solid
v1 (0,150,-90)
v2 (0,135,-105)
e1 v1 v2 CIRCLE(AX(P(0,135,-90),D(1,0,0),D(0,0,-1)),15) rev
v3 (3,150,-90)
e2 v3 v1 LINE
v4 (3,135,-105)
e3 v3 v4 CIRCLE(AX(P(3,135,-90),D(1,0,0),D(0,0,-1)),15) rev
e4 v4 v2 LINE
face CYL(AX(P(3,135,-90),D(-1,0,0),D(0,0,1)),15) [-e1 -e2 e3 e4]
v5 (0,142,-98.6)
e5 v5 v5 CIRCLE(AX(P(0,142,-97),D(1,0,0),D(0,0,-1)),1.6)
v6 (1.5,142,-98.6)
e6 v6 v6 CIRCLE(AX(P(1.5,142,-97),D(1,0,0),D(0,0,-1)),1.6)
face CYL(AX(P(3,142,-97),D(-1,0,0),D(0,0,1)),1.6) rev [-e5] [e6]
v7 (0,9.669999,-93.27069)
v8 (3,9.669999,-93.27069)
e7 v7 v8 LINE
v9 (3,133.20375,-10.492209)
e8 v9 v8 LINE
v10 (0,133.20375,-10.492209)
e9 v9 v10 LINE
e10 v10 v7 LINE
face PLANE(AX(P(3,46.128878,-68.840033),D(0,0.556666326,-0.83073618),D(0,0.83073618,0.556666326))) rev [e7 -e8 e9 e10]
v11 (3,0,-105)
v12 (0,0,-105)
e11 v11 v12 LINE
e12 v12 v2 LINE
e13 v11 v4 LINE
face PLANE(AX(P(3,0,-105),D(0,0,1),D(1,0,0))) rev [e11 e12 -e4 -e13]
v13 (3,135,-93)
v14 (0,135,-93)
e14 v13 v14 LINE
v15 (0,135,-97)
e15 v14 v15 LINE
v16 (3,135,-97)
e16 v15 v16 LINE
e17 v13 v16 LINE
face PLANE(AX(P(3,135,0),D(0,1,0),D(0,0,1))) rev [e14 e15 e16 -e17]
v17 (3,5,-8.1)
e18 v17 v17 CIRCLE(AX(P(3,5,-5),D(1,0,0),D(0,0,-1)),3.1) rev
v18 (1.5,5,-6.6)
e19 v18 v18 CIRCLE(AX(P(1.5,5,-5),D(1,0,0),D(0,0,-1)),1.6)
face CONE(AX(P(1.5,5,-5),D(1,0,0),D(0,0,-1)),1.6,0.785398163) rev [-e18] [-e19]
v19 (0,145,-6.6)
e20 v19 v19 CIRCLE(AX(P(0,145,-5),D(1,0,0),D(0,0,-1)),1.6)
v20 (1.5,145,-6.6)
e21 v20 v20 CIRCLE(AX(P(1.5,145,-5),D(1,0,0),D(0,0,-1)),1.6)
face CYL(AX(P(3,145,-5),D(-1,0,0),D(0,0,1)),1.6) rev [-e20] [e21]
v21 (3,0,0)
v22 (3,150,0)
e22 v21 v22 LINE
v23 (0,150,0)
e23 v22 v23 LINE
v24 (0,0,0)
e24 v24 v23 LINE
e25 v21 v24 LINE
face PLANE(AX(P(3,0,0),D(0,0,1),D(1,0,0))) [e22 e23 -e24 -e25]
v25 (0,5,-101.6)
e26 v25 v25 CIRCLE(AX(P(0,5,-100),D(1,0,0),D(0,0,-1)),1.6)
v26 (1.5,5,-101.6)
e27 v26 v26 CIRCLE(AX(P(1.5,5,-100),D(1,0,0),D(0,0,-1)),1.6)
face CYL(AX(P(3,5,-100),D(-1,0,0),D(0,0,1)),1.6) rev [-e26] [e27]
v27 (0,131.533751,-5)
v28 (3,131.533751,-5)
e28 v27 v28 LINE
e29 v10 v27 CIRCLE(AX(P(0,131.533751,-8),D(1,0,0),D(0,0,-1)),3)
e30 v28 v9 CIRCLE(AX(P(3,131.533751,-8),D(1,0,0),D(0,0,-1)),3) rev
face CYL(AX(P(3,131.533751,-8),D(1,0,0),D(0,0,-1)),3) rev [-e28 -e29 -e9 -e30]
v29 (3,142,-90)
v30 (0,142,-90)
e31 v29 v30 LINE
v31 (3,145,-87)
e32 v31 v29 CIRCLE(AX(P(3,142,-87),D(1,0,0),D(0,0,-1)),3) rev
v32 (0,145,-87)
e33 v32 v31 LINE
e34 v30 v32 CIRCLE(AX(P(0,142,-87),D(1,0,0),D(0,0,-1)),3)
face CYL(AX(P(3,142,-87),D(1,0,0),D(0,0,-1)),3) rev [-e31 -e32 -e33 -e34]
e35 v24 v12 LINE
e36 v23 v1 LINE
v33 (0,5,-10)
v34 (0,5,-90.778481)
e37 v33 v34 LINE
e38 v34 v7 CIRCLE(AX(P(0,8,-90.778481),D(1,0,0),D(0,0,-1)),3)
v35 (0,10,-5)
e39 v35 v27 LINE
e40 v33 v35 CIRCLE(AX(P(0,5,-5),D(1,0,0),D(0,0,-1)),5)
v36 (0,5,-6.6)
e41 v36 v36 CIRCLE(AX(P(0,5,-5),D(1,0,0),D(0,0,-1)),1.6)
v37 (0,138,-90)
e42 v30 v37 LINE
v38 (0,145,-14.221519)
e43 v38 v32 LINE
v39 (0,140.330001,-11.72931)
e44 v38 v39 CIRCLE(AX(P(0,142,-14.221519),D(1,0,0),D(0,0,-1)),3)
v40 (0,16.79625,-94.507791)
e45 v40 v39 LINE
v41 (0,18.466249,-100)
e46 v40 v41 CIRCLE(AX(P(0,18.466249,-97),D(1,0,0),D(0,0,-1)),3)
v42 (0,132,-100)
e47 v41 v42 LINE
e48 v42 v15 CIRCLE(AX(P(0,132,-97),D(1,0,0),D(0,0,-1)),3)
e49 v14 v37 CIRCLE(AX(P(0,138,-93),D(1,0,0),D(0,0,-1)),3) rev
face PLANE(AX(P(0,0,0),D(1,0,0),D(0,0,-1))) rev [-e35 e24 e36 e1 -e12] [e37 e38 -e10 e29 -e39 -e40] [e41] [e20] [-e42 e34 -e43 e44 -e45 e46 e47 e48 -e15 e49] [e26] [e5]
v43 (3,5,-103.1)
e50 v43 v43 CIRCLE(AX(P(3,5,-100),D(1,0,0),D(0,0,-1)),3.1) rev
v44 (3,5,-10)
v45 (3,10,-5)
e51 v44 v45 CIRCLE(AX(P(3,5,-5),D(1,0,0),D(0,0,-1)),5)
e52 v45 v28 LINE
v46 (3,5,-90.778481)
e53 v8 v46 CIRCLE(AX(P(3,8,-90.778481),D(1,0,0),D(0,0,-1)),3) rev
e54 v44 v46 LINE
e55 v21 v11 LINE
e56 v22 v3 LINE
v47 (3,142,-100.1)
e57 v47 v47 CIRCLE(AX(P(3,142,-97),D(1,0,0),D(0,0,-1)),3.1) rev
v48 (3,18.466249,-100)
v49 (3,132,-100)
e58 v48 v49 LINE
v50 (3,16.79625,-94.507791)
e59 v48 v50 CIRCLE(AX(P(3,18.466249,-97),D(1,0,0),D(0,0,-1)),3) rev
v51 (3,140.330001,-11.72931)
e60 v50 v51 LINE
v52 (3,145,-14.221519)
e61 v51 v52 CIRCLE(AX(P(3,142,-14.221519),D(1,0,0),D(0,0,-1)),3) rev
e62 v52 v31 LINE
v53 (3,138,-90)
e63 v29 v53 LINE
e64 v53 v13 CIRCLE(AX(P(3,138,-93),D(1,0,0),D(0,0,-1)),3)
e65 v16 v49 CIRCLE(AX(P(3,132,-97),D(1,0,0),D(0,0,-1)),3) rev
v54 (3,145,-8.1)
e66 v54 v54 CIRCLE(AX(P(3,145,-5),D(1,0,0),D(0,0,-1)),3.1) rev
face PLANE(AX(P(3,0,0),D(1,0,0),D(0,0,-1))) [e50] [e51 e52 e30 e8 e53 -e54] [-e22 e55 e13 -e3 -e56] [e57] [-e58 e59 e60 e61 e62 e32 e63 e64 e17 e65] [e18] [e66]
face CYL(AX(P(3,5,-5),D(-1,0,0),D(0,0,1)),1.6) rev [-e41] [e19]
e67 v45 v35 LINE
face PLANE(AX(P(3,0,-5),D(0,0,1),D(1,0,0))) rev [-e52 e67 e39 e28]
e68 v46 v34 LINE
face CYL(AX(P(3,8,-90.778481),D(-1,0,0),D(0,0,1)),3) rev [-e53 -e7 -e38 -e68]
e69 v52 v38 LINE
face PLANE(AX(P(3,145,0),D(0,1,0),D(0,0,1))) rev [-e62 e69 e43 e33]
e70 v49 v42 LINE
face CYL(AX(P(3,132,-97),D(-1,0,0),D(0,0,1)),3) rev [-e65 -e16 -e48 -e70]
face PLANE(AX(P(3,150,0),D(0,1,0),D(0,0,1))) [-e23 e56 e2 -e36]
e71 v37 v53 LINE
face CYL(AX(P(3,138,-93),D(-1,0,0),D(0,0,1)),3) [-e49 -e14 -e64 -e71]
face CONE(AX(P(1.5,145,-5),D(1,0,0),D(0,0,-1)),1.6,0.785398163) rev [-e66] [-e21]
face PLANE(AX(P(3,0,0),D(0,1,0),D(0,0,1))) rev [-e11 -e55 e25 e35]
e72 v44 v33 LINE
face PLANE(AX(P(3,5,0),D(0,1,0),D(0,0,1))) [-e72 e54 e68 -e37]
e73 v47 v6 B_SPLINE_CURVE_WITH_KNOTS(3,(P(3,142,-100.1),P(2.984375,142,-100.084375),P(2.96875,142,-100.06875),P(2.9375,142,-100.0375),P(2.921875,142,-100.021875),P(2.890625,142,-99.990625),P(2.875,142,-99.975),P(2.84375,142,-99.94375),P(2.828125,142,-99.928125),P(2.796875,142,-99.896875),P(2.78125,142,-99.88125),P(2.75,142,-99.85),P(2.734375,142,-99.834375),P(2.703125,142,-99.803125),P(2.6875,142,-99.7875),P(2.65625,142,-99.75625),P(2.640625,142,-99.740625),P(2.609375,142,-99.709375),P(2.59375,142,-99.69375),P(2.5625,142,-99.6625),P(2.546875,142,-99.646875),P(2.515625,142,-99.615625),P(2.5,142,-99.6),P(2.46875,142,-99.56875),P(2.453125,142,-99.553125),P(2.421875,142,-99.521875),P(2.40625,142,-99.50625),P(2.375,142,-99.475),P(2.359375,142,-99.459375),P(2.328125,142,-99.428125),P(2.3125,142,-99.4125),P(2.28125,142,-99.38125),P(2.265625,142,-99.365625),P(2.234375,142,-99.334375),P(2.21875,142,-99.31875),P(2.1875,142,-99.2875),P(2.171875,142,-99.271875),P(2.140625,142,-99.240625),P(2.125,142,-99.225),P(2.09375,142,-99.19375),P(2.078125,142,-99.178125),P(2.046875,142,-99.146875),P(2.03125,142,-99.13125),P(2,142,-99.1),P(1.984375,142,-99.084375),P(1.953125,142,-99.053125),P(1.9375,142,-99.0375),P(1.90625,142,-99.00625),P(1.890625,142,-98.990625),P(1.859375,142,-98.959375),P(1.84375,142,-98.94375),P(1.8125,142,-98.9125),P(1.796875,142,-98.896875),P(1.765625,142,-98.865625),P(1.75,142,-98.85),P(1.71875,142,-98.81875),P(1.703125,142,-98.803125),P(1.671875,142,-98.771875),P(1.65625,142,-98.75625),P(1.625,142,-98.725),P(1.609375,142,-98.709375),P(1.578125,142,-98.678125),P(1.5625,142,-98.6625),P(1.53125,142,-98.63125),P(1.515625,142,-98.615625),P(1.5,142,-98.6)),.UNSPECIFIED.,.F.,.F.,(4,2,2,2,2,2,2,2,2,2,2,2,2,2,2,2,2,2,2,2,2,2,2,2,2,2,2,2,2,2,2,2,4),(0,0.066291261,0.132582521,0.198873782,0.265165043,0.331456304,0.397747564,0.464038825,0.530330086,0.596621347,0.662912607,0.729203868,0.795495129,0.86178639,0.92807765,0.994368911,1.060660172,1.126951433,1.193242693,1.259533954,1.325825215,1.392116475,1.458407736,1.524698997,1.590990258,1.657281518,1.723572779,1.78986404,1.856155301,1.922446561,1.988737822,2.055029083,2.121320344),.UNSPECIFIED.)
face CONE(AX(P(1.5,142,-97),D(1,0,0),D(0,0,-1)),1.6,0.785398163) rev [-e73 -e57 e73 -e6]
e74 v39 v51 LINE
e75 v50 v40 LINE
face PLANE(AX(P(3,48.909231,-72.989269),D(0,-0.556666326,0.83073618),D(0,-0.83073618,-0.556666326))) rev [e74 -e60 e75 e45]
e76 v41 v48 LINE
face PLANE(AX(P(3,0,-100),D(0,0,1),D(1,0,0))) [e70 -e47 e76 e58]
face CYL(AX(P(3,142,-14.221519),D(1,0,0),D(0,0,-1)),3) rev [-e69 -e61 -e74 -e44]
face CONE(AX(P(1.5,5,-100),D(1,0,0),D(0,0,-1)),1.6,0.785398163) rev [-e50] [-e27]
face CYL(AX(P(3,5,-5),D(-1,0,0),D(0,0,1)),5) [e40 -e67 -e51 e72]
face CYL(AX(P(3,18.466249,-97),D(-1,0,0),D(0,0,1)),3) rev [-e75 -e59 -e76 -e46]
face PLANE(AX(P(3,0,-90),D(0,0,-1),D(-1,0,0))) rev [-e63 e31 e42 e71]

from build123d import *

# Parameters (mm, degrees)
SKETCH1_R           = 1.6
BOSS_EXTRUDE2_DEPTH = 3
FILLET1_R           = 3
CHAMFER1_SIZE       = 1.5


with BuildPart() as part:
    # Sketch1 → Boss-Extrude2 (new body)
    with BuildSketch(Plane(origin=(0, 0, 0), x_dir=(0, 0, -1), z_dir=(1, 0, 0))):
        with BuildLine():
            Line((0, 0), (105, 0))
            Line((105, 0), (105, 135))
            ThreePointArc((105, 135), (100.606601718, 145.606601718), (90, 150))
            Line((90, 150), (0, 150))
            Line((0, 150), (0, 0))
        make_face()
        with Locations((5, 145)):
            Circle(SKETCH1_R, mode=Mode.SUBTRACT)
        with Locations((97, 142)):
            Circle(SKETCH1_R, mode=Mode.SUBTRACT)
        with Locations((100, 5)):
            Circle(SKETCH1_R, mode=Mode.SUBTRACT)
        with Locations((5, 5)):
            Circle(SKETCH1_R, mode=Mode.SUBTRACT)
        Polygon((8.6, 145), (90, 145), (90, 135), (100, 135), (100, 8.6), align=None, mode=Mode.SUBTRACT)
        with BuildLine():
            Line((5, 10), (5, 141.4))
            Line((5, 141.4), (96.4, 5))
            Line((96.4, 5), (10, 5))
            ThreePointArc((10, 5), (8.535533906, 8.535533906), (5, 10))
        make_face(mode=Mode.SUBTRACT)
    extrude(amount=BOSS_EXTRUDE2_DEPTH)

    # Fillet1
    fillet1_edges = [part.edges().sort_by_distance(p)[0] for p in [
        (1.5, 5, -96.4),
        (1.5, 141.4, -5),
        (1.5, 145, -90),
        (1.5, 145, -8.6),
        (1.5, 8.6, -100),
        (1.5, 135, -100),
        (1.5, 135, -90),
    ]]
    fillet(fillet1_edges, radius=FILLET1_R)

    # Chamfer1
    chamfer1_edges = [part.edges().sort_by_distance(p)[0] for p in [
        (3, 5, -3.4),
        (3, 5, -98.4),
        (3, 142, -95.4),
        (3, 145, -3.4),
    ]]
    chamfer(chamfer1_edges, length=CHAMFER1_SIZE)


solid = part.part
